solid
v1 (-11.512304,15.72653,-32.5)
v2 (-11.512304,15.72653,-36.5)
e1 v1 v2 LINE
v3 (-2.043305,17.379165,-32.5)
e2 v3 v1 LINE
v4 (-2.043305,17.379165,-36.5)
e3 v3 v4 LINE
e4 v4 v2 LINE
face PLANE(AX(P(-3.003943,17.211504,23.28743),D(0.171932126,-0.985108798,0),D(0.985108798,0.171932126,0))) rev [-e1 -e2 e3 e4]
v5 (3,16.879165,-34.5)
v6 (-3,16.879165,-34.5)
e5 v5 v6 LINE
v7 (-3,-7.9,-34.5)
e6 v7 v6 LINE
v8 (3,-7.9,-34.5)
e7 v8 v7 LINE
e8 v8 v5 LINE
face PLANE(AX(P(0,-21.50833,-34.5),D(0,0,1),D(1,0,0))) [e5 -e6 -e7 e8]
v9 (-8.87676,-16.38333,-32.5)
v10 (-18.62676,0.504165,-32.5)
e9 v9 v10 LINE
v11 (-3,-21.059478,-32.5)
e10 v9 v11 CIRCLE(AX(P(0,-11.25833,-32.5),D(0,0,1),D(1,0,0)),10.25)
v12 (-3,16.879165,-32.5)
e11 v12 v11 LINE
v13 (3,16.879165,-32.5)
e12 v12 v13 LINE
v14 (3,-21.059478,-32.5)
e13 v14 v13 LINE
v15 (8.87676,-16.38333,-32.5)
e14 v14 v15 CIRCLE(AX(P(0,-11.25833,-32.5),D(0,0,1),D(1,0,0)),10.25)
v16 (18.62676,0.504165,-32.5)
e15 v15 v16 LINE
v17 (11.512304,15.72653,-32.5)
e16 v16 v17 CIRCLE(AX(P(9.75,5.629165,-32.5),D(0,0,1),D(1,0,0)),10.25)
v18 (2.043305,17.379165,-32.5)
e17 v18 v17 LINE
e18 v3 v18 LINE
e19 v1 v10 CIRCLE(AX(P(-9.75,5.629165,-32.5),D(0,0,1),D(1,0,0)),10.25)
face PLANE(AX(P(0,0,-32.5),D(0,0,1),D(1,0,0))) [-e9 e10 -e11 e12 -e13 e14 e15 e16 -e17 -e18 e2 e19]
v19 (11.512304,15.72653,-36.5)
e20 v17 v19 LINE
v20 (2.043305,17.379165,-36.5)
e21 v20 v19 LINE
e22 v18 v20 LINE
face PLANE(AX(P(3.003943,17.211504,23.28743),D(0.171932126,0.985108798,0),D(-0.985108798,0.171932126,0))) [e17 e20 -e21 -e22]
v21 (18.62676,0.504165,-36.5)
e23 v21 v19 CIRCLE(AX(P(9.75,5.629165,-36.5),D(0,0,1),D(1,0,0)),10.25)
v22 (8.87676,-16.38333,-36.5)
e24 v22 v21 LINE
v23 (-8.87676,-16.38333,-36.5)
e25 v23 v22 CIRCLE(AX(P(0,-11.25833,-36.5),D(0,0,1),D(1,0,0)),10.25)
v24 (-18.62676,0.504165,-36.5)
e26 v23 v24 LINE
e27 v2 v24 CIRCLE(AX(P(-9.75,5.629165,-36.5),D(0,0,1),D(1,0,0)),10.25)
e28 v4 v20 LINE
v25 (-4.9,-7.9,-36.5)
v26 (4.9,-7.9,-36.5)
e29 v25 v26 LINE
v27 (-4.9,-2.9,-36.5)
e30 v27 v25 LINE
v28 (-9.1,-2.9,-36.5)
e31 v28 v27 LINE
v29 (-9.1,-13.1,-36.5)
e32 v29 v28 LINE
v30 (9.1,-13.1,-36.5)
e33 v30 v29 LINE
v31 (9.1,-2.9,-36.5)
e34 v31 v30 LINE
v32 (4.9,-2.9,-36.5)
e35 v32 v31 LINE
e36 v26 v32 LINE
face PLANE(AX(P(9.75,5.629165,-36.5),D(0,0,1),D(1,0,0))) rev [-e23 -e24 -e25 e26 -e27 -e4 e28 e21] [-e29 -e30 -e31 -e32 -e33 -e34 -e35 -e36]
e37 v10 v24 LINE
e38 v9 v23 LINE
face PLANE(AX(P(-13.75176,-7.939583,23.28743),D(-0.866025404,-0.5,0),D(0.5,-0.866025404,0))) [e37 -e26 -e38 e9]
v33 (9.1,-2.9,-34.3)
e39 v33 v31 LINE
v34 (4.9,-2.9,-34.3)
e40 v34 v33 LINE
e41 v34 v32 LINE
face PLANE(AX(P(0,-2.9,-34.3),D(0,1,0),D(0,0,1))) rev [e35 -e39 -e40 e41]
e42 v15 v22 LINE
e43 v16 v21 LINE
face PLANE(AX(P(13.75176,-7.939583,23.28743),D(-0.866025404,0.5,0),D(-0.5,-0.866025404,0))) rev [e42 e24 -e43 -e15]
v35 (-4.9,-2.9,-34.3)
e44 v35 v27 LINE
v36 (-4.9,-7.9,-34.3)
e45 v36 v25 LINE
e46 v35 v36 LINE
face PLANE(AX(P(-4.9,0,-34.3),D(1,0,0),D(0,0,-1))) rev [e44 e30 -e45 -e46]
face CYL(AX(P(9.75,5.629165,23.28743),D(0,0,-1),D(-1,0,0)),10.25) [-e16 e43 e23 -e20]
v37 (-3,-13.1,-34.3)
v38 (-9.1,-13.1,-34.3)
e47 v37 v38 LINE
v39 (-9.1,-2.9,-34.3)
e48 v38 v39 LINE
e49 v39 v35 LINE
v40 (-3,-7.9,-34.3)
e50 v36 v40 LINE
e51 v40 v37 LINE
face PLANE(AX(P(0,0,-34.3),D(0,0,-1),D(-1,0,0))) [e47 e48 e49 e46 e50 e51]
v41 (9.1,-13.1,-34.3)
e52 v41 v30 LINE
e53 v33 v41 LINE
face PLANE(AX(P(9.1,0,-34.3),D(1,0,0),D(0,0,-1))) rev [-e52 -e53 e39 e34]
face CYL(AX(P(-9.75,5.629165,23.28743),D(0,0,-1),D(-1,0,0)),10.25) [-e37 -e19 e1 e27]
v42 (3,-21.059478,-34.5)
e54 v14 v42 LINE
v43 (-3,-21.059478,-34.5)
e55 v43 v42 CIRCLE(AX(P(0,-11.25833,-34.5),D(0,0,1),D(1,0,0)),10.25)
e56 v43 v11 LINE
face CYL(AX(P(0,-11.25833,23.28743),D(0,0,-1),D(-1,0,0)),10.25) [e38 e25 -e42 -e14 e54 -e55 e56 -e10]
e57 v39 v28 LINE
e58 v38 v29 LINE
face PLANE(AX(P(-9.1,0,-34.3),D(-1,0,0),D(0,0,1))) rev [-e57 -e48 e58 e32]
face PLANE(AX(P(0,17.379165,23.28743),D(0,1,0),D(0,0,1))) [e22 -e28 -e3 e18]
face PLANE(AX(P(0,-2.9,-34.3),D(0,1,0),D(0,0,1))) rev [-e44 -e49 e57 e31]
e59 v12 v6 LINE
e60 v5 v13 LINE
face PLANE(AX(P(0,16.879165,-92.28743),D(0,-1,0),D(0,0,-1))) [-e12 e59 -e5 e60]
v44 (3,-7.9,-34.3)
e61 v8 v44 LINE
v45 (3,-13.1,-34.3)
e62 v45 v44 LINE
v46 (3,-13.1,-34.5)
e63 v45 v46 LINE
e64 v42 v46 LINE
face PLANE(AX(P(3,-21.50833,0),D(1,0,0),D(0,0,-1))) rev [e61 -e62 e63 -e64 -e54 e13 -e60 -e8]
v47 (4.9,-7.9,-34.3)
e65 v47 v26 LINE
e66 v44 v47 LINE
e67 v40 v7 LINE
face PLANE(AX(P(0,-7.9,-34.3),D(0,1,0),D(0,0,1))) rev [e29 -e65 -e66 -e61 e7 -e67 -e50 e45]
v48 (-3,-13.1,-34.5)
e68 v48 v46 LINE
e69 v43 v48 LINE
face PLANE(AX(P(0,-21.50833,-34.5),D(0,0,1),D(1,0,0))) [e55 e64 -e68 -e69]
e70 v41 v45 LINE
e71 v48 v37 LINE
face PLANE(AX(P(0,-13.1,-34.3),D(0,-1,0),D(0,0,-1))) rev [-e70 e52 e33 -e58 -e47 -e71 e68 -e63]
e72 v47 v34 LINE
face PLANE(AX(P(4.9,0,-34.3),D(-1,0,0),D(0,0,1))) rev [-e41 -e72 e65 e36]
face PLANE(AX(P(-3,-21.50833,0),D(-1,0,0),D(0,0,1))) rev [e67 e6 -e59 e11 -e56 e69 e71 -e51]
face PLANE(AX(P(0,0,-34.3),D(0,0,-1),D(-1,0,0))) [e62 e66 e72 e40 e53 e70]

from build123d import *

# Parameters (mm, degrees)
BOSS_EXTRUDE1_START = -36.5
BOSS_EXTRUDE1_DEPTH = 4
CUT_EXTRUDE1_START  = -21.50833
SKETCH2_W           = 6
SKETCH2_H           = 3
CUT_EXTRUDE1_DEPTH  = 38.387495
CUT_EXTRUDE2_DEPTH  = 2.2


with BuildPart() as part:
    # Sketch1 → Boss-Extrude1 (new body)
    with BuildSketch(Plane.XY.offset(BOSS_EXTRUDE1_START)):
        with BuildLine():
            Line((-2.043305467, 17.379165125), (-11.512304293, 15.726530305))
            ThreePointArc((-11.512304293, 15.726530305), (-19.035877705, 9.969093149), (-18.626760389, 0.504165125))
            Line((-18.626760389, 0.504165125), (-8.876760389, -16.383330249))
            ThreePointArc((-8.876760389, -16.383330249), (0, -21.508330249), (8.876760389, -16.383330249))
            Line((8.876760389, -16.383330249), (18.626760389, 0.504165125))
            ThreePointArc((18.626760389, 0.504165125), (19.035877705, 9.969093149), (11.512304293, 15.726530305))
            Line((11.512304293, 15.726530305), (2.043305467, 17.379165125))
            Line((2.043305467, 17.379165125), (-2.043305467, 17.379165125))
        make_face()
    extrude(amount=BOSS_EXTRUDE1_DEPTH)

    # Sketch2 → Cut-Extrude1 (cut)
    with BuildSketch(Plane(origin=(0, 0, 0), x_dir=(1, 0, 0), z_dir=(0, 1, 0)).offset(CUT_EXTRUDE1_START)):
        with Locations((0, 33)):
            Rectangle(SKETCH2_W, SKETCH2_H)
    extrude(amount=CUT_EXTRUDE1_DEPTH, mode=Mode.SUBTRACT)

    # Sketch4 → Cut-Extrude2 (cut)
    with BuildSketch(Plane(origin=(0, 0, -36.5), x_dir=(-1, 0, 0), z_dir=(0, 0, -1))):
        Polygon((-9.1, -2.9), (-9.1, -13.1), (9.1, -13.1), (9.1, -2.9), (4.9, -2.9), (4.9, -7.9), (-4.9, -7.9), (-4.9, -2.9), align=None)
    extrude(amount=-CUT_EXTRUDE2_DEPTH, mode=Mode.SUBTRACT)


solid = part.part
